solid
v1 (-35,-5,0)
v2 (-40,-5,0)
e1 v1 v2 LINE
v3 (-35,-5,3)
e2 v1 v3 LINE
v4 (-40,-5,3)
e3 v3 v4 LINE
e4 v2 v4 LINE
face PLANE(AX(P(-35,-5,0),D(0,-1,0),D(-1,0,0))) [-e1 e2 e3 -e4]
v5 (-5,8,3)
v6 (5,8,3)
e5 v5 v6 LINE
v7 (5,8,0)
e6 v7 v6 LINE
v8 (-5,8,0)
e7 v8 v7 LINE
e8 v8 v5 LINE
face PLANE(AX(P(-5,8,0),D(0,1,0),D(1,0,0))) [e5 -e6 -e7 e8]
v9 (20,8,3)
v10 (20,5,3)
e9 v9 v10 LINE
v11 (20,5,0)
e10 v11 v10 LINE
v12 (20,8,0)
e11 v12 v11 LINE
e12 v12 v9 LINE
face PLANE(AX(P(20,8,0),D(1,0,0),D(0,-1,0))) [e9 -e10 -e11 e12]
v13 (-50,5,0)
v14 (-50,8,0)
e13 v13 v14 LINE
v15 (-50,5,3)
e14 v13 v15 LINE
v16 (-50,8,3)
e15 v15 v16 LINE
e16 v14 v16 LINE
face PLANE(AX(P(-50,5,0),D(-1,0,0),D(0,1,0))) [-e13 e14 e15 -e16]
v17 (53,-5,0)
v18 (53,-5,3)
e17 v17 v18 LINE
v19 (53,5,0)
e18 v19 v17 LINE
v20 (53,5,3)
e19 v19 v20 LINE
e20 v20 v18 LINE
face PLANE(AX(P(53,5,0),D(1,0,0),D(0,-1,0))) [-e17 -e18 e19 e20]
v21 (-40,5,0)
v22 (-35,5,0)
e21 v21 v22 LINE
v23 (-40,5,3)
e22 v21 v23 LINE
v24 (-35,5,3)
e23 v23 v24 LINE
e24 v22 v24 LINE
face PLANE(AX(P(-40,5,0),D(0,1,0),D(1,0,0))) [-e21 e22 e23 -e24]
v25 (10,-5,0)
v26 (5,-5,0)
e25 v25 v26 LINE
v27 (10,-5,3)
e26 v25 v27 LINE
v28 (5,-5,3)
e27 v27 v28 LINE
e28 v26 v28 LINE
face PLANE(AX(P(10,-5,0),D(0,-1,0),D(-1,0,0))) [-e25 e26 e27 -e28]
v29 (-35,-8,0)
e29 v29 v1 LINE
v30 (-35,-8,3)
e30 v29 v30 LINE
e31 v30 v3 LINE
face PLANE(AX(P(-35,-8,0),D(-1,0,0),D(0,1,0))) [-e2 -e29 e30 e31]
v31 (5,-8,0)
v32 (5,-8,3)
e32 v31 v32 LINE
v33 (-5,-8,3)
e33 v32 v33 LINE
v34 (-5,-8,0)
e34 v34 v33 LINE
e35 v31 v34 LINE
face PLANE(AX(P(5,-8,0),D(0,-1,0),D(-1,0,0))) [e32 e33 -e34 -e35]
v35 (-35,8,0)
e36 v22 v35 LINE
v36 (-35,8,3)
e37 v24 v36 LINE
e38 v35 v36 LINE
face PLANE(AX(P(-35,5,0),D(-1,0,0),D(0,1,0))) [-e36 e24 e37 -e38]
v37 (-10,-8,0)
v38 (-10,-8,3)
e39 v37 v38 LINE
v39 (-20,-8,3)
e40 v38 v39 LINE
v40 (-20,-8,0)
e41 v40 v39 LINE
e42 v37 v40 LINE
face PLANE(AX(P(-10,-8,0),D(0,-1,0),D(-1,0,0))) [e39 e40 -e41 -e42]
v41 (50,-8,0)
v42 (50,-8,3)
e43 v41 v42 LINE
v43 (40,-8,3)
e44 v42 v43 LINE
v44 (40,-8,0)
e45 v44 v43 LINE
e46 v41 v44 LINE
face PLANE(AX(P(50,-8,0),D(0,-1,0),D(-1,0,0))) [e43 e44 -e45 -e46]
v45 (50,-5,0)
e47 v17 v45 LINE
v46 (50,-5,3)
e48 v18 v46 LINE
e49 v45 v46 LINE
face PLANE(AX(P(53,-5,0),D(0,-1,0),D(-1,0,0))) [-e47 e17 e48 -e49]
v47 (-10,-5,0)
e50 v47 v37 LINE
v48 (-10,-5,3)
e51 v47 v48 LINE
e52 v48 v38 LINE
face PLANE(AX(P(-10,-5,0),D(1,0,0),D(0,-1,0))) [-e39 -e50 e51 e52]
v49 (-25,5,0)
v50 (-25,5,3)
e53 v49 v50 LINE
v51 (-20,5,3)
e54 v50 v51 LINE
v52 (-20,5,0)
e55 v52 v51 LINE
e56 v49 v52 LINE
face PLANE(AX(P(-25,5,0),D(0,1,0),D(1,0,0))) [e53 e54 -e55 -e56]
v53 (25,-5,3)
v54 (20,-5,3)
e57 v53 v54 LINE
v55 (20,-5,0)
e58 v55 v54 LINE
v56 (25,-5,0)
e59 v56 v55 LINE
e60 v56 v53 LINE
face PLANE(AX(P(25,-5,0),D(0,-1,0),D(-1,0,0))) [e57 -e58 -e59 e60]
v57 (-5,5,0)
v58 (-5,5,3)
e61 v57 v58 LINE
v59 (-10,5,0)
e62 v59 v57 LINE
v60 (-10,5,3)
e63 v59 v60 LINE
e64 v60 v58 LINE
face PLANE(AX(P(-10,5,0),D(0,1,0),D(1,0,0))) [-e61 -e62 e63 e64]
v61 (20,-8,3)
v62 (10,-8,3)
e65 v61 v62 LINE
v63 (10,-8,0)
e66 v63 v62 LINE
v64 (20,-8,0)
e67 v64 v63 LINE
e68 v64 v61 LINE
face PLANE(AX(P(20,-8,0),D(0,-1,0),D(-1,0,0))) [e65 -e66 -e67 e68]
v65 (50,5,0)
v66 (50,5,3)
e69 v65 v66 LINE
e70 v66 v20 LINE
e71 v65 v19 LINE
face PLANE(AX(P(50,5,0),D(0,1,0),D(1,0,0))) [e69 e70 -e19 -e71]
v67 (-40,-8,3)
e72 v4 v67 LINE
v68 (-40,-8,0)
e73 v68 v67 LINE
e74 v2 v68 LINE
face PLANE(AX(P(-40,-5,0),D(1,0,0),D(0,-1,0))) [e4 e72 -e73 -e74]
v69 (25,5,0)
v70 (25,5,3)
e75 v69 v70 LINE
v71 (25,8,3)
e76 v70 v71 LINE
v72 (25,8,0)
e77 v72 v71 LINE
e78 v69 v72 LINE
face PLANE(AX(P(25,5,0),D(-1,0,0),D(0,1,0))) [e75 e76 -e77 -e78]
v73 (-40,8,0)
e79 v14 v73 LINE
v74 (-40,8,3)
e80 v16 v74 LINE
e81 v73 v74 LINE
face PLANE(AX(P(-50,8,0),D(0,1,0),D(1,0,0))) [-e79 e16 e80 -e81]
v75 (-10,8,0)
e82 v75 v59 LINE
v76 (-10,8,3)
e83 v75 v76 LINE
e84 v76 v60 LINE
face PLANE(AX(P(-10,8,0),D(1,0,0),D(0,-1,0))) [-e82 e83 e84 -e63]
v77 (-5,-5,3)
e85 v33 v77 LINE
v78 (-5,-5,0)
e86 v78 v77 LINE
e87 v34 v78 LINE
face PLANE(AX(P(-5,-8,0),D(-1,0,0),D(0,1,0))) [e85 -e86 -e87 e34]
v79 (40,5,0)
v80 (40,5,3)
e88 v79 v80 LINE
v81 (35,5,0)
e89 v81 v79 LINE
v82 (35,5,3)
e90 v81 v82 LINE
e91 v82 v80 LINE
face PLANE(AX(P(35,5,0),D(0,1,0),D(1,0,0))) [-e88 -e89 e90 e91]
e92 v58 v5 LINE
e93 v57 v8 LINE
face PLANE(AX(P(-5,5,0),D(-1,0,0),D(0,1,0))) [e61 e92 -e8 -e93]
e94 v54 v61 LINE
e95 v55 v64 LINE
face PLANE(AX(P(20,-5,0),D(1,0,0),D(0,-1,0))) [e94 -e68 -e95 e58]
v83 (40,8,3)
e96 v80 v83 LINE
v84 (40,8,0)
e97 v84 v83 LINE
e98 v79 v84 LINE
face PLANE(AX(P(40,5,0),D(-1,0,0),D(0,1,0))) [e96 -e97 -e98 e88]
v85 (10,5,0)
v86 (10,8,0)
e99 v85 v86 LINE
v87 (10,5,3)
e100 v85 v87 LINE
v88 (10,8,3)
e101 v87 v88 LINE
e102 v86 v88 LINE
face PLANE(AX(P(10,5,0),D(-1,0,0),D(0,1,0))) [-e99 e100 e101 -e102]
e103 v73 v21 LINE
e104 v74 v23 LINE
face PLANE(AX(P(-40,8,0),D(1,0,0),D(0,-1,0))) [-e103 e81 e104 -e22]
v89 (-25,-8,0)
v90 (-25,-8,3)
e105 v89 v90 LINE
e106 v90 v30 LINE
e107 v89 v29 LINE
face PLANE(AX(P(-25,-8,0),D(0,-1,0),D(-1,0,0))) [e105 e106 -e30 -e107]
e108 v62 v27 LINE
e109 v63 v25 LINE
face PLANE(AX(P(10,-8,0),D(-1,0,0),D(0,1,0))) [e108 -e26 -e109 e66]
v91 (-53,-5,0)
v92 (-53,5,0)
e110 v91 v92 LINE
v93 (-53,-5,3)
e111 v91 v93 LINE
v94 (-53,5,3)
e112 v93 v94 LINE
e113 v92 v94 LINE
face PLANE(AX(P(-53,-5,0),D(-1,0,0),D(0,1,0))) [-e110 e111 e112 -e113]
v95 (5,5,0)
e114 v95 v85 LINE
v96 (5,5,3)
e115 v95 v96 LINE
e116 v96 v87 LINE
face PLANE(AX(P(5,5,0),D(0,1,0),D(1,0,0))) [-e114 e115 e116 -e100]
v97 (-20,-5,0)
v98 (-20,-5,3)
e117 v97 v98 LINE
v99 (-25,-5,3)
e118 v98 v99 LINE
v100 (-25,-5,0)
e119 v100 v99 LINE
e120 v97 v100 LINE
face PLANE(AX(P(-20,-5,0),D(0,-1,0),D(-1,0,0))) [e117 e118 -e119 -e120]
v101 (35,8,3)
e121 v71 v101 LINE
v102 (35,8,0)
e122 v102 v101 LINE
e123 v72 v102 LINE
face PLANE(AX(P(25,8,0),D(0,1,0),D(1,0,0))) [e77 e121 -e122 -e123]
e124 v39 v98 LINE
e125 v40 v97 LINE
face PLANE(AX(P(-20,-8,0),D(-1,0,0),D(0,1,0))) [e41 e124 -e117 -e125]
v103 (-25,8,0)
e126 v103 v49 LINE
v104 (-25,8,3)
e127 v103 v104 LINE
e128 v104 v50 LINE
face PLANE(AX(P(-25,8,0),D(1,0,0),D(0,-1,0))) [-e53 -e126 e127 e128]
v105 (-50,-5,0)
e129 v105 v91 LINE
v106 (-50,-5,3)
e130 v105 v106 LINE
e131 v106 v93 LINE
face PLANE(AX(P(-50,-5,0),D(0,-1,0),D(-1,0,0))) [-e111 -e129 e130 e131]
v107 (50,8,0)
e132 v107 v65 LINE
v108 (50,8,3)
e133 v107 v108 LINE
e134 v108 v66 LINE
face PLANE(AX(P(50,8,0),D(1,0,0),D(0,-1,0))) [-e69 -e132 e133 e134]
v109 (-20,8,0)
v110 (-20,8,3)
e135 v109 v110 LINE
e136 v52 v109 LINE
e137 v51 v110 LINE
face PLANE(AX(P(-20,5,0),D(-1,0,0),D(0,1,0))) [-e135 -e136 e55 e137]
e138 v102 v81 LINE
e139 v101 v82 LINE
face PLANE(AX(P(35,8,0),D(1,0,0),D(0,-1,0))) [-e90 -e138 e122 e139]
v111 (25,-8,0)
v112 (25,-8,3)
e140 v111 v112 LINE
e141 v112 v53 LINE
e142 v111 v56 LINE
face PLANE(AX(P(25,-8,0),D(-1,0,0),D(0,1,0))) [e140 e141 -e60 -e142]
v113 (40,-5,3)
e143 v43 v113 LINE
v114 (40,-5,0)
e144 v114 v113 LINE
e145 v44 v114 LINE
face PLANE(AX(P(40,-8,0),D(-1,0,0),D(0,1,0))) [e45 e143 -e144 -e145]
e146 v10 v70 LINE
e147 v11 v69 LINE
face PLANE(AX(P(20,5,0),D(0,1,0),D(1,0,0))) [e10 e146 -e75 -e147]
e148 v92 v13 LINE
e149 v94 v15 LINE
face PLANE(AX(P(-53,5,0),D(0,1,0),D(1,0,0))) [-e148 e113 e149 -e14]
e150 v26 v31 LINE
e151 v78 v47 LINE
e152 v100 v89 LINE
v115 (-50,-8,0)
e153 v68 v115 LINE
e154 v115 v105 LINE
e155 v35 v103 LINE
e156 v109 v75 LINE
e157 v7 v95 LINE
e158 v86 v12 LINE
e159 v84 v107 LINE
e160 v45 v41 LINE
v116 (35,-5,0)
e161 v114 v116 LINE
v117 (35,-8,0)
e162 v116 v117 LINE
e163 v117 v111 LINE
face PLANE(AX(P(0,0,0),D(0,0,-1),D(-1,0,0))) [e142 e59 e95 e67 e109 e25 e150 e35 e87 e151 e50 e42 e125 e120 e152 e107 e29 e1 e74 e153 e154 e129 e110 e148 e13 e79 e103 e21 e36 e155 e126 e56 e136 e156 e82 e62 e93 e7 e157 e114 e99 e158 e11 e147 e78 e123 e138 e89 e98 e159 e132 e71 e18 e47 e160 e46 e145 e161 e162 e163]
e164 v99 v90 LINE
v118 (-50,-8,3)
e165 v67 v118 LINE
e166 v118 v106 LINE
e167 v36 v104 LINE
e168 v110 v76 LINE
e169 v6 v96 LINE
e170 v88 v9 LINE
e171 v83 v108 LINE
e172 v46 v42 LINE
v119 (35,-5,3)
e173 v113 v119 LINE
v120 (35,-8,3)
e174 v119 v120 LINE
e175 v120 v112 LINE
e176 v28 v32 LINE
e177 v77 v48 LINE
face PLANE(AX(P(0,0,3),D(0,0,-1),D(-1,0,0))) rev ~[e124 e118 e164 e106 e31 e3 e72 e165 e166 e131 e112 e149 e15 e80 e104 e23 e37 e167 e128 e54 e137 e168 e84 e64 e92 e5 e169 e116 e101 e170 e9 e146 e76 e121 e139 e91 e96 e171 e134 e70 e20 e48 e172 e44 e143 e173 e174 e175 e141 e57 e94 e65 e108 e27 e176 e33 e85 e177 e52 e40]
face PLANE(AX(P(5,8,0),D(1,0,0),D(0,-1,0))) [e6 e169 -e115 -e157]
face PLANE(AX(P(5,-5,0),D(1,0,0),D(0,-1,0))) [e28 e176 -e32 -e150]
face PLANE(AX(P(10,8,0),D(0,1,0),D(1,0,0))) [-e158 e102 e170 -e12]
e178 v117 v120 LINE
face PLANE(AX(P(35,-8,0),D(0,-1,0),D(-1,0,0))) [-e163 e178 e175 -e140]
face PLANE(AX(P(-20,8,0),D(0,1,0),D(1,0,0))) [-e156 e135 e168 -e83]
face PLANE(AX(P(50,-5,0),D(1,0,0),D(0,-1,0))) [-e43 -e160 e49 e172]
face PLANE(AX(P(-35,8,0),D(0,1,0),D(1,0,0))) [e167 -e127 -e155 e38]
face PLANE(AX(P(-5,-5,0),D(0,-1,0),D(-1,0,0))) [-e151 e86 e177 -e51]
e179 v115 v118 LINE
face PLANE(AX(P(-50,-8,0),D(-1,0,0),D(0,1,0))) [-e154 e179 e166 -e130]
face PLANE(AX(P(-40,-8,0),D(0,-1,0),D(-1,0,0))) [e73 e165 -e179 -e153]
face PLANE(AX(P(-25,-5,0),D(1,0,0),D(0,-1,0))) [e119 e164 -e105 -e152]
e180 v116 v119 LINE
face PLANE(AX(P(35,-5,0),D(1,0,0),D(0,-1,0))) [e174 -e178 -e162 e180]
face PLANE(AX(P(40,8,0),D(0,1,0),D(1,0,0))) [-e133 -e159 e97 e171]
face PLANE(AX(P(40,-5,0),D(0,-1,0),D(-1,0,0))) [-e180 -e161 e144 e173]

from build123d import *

# Parameters (mm, degrees)
EXTRUDE_1_DEPTH = 3


with BuildPart() as part:
    # 草图1 → 凸台-拉伸1 (new body)
    with BuildSketch(Plane.XY):
        Polygon((-35, 5), (-35, 8), (-25, 8), (-25, 5), (-20, 5), (-20, 8), (-10, 8), (-10, 5), (-5, 5), (-5, 8), (5, 8), (5, 5), (10, 5), (10, 8), (20, 8), (20, 5), (25, 5), (25, 8), (35, 8), (35, 5), (40, 5), (40, 8), (50, 8), (50, 5), (53, 5), (53, -5), (50, -5), (50, -8), (40, -8), (40, -5), (35, -5), (35, -8), (25, -8), (25, -5), (20, -5), (20, -8), (10, -8), (10, -5), (5, -5), (5, -8), (-5, -8), (-5, -5), (-10, -5), (-10, -8), (-20, -8), (-20, -5), (-25, -5), (-25, -8), (-35, -8), (-35, -5), (-40, -5), (-40, -8), (-50, -8), (-50, -5), (-53, -5), (-53, 5), (-50, 5), (-50, 8), (-40, 8), (-40, 5), align=None)
    extrude(amount=EXTRUDE_1_DEPTH)


solid = part.part
